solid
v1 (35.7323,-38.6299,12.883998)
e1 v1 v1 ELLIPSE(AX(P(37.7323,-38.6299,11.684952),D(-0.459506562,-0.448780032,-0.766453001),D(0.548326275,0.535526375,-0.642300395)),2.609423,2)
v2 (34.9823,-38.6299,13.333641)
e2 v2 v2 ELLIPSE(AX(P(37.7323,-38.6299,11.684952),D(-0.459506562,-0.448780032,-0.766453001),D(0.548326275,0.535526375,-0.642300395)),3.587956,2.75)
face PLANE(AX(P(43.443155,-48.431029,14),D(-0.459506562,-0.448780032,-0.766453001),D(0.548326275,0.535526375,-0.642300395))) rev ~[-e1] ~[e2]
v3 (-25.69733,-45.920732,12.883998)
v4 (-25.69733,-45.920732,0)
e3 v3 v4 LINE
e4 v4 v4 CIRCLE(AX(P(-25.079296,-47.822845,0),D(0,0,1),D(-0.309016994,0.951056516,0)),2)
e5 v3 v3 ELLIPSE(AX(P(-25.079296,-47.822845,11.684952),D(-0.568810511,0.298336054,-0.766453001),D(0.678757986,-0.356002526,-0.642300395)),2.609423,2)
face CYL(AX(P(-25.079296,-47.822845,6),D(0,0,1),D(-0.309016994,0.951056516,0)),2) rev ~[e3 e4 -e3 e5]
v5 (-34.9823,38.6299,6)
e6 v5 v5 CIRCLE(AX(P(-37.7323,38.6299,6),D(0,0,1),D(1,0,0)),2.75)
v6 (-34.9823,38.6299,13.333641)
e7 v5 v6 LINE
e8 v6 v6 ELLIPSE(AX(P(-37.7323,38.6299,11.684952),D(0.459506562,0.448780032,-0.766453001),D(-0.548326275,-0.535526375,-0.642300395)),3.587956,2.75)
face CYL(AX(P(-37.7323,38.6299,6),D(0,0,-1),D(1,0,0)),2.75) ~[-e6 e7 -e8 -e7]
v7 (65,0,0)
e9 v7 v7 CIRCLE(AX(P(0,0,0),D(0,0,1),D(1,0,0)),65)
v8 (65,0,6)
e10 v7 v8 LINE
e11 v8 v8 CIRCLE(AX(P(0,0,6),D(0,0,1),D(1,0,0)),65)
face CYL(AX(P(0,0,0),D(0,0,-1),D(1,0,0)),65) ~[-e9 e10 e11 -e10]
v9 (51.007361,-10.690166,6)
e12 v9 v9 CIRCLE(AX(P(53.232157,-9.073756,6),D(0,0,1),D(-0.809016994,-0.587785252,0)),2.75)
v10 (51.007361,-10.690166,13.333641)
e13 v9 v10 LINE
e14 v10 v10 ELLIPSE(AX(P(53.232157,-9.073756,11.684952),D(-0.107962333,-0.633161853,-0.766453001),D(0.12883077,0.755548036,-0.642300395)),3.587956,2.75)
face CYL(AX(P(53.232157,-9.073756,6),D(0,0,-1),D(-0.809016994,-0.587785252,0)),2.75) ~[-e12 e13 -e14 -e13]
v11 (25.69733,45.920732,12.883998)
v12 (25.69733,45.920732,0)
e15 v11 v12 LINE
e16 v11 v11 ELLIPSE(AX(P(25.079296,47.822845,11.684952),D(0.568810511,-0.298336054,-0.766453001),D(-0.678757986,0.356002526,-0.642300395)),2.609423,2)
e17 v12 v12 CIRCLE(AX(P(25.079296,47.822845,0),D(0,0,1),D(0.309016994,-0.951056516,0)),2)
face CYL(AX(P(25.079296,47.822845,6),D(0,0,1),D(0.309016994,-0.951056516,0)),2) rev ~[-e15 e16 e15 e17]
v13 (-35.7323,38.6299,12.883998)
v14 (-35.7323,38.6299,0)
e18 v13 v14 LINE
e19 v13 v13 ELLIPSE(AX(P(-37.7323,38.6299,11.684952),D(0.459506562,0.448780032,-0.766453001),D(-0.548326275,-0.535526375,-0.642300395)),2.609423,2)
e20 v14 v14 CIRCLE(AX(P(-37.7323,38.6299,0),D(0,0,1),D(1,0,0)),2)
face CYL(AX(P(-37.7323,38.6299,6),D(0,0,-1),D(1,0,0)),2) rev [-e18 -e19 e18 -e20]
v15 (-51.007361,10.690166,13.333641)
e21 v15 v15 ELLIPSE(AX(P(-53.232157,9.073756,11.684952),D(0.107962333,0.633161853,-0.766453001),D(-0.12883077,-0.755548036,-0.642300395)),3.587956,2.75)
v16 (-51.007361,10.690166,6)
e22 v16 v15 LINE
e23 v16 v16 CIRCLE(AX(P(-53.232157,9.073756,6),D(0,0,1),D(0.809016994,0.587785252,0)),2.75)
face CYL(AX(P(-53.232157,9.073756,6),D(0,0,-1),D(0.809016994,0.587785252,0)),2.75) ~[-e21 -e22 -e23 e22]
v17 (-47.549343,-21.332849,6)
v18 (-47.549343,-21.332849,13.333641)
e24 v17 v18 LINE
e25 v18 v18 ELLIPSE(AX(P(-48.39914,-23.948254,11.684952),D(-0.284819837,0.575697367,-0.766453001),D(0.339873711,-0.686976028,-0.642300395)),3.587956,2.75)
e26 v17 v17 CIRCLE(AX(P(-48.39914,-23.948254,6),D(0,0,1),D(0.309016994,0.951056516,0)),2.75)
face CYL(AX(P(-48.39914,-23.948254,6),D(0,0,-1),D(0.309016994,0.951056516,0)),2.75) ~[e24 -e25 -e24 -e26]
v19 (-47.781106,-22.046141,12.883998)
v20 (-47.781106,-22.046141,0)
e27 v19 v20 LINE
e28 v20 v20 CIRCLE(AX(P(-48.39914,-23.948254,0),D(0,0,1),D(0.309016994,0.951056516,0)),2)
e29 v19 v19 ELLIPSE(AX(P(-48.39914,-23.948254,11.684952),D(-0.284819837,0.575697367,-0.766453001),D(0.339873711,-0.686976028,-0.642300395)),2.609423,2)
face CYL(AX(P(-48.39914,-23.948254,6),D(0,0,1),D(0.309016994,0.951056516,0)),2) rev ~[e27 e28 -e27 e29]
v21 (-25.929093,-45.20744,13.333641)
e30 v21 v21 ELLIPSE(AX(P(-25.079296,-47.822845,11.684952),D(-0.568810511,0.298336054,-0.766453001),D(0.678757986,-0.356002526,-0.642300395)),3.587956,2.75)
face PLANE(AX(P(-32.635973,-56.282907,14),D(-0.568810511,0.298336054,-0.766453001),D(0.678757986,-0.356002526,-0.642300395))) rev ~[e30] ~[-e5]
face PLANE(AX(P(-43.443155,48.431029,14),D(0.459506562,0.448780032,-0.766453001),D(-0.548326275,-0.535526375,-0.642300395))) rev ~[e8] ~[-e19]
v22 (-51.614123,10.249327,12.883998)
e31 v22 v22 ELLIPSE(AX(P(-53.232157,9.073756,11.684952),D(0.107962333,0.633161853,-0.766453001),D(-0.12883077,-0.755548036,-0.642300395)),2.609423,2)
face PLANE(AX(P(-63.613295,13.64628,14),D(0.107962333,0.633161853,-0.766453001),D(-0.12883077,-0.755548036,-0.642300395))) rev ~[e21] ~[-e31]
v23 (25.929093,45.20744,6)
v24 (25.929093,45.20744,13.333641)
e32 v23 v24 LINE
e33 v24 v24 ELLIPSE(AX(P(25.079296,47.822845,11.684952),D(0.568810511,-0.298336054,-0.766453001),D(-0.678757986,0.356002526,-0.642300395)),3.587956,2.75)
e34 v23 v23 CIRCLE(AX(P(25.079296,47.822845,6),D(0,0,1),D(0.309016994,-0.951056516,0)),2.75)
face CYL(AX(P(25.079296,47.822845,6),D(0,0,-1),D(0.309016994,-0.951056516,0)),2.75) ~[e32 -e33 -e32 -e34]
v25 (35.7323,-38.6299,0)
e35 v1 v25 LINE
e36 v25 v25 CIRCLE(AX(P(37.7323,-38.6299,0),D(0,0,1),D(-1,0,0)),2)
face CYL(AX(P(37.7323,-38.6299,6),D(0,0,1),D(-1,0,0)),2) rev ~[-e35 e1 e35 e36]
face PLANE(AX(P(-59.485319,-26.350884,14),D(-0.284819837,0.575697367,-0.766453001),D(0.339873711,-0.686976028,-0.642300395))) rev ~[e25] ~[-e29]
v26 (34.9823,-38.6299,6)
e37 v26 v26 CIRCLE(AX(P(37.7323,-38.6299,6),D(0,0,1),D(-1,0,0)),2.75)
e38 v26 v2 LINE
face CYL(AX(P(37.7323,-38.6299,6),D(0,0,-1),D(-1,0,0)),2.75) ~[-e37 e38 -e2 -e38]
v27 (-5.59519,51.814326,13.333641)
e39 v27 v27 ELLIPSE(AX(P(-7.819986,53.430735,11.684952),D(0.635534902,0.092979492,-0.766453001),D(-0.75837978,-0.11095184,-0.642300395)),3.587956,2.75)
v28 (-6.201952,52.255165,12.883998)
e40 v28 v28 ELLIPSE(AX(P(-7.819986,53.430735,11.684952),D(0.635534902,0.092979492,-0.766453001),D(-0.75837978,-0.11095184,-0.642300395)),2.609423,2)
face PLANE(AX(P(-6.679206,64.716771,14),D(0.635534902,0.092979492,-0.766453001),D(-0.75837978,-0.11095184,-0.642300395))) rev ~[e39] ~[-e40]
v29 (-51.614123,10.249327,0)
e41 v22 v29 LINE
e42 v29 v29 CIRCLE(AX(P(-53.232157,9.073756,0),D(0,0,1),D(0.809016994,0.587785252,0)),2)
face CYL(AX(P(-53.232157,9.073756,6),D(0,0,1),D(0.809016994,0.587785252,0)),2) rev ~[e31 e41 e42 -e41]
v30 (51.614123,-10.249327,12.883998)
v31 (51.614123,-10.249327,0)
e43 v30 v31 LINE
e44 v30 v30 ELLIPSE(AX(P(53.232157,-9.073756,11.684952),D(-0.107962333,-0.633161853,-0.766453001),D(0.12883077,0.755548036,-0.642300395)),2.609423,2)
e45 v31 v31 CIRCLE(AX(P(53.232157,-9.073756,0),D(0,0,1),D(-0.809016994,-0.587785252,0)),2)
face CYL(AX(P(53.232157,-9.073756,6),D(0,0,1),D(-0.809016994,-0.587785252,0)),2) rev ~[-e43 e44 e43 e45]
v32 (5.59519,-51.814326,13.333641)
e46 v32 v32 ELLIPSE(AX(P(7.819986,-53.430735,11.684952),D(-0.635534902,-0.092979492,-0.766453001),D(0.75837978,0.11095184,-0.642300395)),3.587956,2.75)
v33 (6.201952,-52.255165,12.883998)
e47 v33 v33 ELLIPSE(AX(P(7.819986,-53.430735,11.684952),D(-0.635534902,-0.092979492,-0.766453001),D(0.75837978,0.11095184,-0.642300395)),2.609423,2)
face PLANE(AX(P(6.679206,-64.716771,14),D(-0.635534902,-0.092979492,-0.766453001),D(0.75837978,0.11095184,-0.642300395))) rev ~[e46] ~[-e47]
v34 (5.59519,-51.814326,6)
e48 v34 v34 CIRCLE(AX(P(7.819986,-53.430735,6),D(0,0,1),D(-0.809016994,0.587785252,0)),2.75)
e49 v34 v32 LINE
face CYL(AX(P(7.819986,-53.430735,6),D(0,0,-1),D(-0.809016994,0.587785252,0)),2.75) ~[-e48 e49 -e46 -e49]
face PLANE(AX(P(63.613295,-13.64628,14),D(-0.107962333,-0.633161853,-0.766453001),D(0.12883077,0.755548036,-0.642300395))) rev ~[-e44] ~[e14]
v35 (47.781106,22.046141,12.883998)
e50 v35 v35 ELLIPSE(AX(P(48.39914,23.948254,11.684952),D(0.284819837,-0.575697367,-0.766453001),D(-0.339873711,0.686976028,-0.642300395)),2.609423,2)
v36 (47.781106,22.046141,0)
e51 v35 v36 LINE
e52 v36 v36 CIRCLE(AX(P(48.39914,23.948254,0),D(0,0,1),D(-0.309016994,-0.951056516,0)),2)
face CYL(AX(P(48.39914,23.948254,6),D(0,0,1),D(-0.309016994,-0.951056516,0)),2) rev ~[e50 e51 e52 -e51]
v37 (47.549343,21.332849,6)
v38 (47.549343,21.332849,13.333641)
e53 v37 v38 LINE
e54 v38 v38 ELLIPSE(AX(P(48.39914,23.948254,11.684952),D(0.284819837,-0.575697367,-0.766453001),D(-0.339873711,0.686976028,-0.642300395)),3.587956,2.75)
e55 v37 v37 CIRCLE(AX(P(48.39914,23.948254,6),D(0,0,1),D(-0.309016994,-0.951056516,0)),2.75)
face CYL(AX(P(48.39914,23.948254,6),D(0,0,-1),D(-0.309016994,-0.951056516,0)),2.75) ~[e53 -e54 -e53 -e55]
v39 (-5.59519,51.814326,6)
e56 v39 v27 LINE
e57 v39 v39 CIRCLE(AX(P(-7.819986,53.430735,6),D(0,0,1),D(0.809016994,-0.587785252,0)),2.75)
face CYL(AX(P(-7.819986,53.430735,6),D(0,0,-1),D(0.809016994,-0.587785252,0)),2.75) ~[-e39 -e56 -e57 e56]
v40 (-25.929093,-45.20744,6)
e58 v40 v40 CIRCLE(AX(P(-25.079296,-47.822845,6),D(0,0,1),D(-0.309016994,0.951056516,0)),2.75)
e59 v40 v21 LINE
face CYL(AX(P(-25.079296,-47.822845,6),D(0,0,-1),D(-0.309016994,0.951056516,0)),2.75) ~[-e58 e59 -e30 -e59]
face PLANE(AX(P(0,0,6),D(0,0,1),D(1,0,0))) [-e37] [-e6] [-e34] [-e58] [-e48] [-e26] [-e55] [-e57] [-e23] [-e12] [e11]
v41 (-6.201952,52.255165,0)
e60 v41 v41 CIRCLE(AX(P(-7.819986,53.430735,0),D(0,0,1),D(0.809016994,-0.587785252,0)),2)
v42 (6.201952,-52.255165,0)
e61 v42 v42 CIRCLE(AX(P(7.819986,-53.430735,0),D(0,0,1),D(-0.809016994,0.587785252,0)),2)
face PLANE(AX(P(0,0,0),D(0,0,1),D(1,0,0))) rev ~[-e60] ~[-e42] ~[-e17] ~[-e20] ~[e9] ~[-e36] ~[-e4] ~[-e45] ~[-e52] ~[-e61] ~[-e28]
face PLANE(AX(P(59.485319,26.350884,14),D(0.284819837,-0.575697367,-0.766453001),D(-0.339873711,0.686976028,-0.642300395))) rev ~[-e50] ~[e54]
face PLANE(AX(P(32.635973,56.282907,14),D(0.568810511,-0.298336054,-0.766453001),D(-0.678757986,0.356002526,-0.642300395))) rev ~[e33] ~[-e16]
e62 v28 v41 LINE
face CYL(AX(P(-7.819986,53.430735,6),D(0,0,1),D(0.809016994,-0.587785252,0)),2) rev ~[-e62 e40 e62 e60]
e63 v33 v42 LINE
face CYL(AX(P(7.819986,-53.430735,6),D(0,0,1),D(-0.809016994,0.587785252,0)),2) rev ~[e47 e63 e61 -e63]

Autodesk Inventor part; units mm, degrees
ref_plane "YZ Plane" through (0, 0, 0) normal (1, 0, 0) x (0, 1, 0)
ref_plane "XZ Plane" through (0, 0, 0) normal (0, 1, 0) x (-1, 0, 0)
ref_plane "XY Plane" through (0, 0, 0) normal (0, 0, 1) x (1, 0, 0)
sketch "Sketch14" plane through (0, 0, 0) normal (0, 0, 1) x (1, 0, 0)
  circle A0 centre (0, 0) radius 65
  dimension "d67" = 130
extrude "Extrusion10" add sketch "Sketch14" along normal blind 6
sketch "Sketch15" plane through (0, 0, 6) normal (0, 0, 1) x (1, 0, 0)
  circle A0 centre (-37.7323, 38.6299) radius 2
  line L0 (-37.7323, 38.6299) -> (0, 0) construction
  circle A1 centre (0, 0) radius 65 projected
  line L1 (0, 0) -> (-55.3564, 56.6733) construction
  line L2 (-55.3564, 56.6733) -> (-63.1164, 49.0935) construction
  dimension "d70" = 54
  dimension "d75" = 4
extrude "Extrusion11" cut sketch "Sketch15" against normal blind 6 contours A0
sketch "Sketch16" plane through (0, 0, 6) normal (0, 0, 1) x (1, 0, 0)
  circle A0 centre (-37.7323, 38.6299) radius 2.75
  circle A1 centre (-37.7323, 38.6299) radius 2 projected
  point P0 (0, 0)
  dimension "d73" = 5.5
extrude "Extrusion12" add sketch "Sketch16" along normal blind 8
sketch "Sketch17" plane through (0, 0, 6) normal (0, 0, 1) x (1, 0, 0)
  circle A0 centre (-37.7323, 38.6299) radius 2.75 projected
  circle A1 centre (-37.7323, 38.6299) radius 2 construction
  line L0 (-37.7323, 38.6299) -> (0, 0) construction
  line L1 (-37.7323, 38.6299) -> (-45.4185, 46.499) construction
  circle A2 centre (0, 0) radius 65 construction
  dimension "d79" = 130
ref_plane "Work Plane18" through (-45.4185, 46.499, 6) normal (-0.6987, 0.7154, 0) x (-0.7154, -0.6987, 0)
sketch "Sketch18" plane through (-45.4185, 46.499, 6) normal (-0.6987, 0.7154, 0) x (-0.7154, -0.6987, 0)
  line L0 (-2.7631, 8) -> (2.8739, 3.2761)
  line L1 (2.8739, 3.2761) -> (2.8739, 8)
  line L2 (2.8739, 8) -> (-2.7631, 8)
  point P0 (0, -6)
extrude "Extrusion13" cut sketch "Sketch18" against normal blind 15
pattern_circular "Circular Pattern2" count 10 over 360 about axis through (0, 0, 6) along (0, 0, 1) of "Extrusion12", "Extrusion13", "Extrusion11"
properties part number "inner bayonet connector 10"
